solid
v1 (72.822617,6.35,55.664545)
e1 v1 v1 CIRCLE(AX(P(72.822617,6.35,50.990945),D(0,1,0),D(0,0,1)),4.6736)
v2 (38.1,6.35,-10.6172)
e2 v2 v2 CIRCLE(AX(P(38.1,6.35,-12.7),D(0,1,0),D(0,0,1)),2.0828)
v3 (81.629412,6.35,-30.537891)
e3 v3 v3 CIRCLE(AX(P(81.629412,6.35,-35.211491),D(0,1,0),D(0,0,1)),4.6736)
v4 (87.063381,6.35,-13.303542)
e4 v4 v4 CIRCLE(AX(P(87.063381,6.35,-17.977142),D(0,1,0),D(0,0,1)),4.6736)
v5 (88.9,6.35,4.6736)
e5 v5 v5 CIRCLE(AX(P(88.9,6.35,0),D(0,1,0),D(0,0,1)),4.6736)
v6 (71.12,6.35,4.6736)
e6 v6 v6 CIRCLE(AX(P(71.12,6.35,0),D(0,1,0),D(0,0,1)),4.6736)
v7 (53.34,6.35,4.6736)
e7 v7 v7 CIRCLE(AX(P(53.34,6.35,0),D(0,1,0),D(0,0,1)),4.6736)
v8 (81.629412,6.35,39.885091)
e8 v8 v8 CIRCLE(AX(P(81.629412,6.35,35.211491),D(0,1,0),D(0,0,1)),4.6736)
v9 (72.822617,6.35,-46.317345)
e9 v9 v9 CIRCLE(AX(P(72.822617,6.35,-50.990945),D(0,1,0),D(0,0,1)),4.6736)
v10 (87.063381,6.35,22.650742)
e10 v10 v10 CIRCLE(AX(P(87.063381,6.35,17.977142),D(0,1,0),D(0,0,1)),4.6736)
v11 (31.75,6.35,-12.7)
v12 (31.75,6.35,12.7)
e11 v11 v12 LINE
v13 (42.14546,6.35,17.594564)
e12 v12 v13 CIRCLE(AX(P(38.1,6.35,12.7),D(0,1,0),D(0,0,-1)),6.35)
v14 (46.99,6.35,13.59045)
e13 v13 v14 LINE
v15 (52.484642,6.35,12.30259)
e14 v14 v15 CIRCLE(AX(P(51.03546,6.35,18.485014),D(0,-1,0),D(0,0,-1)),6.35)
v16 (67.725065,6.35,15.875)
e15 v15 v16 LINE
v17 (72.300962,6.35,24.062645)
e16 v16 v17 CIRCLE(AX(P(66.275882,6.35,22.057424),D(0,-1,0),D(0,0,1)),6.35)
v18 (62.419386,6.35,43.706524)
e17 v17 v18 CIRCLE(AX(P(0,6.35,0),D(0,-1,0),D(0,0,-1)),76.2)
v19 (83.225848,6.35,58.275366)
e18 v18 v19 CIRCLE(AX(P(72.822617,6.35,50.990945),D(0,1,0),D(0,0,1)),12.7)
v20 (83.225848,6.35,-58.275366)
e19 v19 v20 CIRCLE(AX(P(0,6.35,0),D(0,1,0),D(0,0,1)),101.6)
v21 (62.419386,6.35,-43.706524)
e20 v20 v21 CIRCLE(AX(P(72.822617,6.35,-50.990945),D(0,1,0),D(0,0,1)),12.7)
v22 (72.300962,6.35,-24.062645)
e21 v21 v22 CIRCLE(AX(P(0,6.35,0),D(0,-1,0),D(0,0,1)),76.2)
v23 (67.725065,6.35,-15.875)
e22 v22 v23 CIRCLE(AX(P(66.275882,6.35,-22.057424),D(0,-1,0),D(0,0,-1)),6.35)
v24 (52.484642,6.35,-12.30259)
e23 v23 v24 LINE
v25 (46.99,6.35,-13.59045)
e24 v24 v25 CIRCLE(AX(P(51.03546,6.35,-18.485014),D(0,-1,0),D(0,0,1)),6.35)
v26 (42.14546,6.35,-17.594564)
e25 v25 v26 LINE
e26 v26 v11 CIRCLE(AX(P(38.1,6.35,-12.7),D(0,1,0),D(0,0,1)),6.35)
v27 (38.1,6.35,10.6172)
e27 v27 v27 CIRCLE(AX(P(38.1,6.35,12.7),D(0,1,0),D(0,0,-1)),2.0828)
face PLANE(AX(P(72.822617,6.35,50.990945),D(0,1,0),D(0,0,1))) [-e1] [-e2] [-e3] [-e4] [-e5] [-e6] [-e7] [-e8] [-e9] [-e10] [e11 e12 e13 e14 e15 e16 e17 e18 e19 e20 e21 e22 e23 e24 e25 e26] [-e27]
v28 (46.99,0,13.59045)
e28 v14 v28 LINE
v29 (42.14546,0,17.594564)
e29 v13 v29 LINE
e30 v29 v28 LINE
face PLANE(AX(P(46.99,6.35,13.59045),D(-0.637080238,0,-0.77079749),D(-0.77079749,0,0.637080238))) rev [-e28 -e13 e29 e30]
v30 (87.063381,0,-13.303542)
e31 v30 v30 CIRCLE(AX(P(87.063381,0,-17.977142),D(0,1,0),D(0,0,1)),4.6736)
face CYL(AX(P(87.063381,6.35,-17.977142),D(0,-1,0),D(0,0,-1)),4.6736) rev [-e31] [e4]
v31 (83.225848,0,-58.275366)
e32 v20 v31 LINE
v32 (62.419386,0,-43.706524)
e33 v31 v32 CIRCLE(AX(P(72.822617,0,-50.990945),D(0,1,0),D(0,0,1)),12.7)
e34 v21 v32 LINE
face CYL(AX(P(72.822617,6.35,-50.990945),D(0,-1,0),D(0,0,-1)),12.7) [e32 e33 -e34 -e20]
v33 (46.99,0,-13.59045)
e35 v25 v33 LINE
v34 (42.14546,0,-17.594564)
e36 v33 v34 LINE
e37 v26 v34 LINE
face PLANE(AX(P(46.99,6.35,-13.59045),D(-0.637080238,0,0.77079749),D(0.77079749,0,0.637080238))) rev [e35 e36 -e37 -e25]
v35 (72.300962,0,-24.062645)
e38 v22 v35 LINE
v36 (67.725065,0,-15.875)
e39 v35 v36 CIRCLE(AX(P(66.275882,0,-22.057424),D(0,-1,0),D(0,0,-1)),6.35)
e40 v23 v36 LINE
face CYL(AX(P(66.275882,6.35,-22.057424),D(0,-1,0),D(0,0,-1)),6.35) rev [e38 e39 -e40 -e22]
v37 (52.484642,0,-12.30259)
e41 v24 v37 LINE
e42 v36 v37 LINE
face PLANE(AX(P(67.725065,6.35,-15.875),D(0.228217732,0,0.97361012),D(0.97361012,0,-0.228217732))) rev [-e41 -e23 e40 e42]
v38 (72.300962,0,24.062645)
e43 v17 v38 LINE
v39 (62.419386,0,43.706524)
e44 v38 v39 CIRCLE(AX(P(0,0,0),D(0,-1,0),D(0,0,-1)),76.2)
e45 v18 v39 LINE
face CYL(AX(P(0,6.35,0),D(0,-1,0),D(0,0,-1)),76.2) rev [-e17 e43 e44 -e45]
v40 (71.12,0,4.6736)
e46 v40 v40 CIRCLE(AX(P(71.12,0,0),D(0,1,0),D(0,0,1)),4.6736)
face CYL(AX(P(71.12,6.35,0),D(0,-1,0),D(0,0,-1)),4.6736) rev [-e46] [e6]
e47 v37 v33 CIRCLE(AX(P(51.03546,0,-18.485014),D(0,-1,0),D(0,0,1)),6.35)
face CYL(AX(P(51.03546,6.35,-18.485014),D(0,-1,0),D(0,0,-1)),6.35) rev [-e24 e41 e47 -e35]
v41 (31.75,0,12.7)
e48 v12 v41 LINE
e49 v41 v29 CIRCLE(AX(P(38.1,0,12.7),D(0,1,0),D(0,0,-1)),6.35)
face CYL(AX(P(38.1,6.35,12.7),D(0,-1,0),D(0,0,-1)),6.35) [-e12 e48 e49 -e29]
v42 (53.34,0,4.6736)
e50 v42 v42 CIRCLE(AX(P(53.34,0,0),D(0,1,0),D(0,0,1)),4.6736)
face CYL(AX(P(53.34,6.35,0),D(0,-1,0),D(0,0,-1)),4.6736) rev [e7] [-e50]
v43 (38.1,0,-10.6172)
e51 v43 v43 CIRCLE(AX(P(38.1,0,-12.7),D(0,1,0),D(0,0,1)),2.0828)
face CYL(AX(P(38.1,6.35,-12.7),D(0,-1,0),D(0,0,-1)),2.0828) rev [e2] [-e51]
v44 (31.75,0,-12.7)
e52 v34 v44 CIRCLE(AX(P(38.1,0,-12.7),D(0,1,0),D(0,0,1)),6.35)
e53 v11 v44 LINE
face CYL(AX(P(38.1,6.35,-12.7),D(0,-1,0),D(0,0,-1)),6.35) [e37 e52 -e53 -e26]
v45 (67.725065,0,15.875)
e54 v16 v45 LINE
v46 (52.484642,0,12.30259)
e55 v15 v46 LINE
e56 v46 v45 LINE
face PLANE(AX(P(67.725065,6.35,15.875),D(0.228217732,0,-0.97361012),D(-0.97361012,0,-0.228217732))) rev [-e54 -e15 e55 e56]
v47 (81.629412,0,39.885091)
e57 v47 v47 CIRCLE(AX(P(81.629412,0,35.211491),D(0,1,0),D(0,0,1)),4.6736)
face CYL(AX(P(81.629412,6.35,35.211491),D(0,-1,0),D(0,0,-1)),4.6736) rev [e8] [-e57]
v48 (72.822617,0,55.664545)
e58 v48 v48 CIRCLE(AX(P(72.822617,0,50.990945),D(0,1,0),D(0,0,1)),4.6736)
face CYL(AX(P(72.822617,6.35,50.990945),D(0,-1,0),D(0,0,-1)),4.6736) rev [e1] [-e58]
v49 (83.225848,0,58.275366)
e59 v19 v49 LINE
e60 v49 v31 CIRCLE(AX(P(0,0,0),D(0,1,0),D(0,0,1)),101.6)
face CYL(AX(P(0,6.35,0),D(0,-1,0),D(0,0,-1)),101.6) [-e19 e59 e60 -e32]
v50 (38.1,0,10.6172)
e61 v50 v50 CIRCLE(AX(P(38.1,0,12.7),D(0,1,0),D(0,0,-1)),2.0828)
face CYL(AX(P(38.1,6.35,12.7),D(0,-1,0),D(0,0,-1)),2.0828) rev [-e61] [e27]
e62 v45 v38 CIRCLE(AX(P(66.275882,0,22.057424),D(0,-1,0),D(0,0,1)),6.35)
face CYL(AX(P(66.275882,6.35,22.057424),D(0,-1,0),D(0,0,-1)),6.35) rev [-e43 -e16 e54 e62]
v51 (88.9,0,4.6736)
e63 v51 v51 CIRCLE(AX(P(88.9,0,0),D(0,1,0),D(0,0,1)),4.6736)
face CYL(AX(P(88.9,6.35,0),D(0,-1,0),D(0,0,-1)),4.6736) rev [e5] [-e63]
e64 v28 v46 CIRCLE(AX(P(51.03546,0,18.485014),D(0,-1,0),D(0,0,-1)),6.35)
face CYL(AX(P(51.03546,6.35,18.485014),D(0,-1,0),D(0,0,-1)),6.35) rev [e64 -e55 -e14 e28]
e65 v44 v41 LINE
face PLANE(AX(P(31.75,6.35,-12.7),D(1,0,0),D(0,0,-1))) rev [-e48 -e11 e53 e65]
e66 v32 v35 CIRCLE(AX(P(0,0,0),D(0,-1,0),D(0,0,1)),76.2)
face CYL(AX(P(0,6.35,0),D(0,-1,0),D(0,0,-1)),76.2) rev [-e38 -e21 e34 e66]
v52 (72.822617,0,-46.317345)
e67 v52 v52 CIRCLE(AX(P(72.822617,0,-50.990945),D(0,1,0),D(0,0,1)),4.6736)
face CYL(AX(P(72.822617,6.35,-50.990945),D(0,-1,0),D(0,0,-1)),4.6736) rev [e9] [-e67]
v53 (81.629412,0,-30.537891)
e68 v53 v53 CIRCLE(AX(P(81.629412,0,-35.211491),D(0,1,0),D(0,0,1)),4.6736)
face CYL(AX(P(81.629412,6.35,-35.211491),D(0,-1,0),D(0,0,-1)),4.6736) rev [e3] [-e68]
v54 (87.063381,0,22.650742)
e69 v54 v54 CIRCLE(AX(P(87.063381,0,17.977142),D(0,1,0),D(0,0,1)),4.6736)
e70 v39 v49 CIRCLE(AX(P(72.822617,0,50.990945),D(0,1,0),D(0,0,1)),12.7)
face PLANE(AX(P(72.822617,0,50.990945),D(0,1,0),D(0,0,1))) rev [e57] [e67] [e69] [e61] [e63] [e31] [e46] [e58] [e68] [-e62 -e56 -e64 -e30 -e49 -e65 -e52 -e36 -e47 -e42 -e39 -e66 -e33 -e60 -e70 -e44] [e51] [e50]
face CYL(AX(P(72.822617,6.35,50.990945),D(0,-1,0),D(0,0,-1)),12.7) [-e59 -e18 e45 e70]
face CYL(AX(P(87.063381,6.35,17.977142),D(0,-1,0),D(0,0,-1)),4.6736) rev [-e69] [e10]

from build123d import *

# Parameters (mm, degrees)
SKETCH1_R           = 2.0828
SKETCH1_R_2         = 4.6736
BOSS_EXTRUDE1_DEPTH = 6.35


with BuildPart() as part:
    # Sketch1 → Boss-Extrude1 (new body)
    with BuildSketch(Plane(origin=(0, 0, 0), x_dir=(1, 0, 0), z_dir=(0, 1, 0))):
        with BuildLine():
            Line((67.725064599, 15.875), (52.484642113, 12.302589868))
            ThreePointArc((52.484642113, 12.302589868), (49.586387593, 12.302563925), (46.99, 13.590450074))
            Line((46.99, 13.590450074), (42.145459513, 17.594564059))
            ThreePointArc((42.145459513, 17.594564059), (35.395020139, 18.445048647), (31.75, 12.7))
            Line((31.75, 12.7), (31.75, -12.7))
            ThreePointArc((31.75, -12.7), (35.395020139, -18.445048647), (42.145459513, -17.594564059))
            Line((42.145459513, -17.594564059), (46.99, -13.590450074))
            ThreePointArc((46.99, -13.590450074), (49.586387593, -12.302563925), (52.484642113, -12.302589868))
            Line((52.484642113, -12.302589868), (67.725064599, -15.875))
            ThreePointArc((67.725064599, -15.875), (71.818943633, -18.959526957), (72.300962181, -24.062644653))
            ThreePointArc((72.300962181, -24.062644653), (68.072487407, -34.242903765), (62.419385775, -43.70652445))
            ThreePointArc((62.419385775, -43.70652445), (65.538195996, -61.394176154), (83.2258477, -58.275365933))
            ThreePointArc((83.2258477, -58.275365933), (101.6, 0), (83.2258477, 58.275365933))
            ThreePointArc((83.2258477, 58.275365933), (65.538195996, 61.394176154), (62.419385775, 43.70652445))
            ThreePointArc((62.419385775, 43.70652445), (68.072487407, 34.242903765), (72.300962181, 24.062644653))
            ThreePointArc((72.300962181, 24.062644653), (71.818943633, 18.959526957), (67.725064599, 15.875))
        make_face()
        with Locations(Location((38.1, 12.7, 0), (0, 0, 270))):
            Circle(SKETCH1_R, mode=Mode.SUBTRACT)
        with Locations(Location((88.9, 0, 0), (0, 0, 270))):
            Circle(SKETCH1_R_2, mode=Mode.SUBTRACT)
        with Locations(Location((87.063381275, -17.97714218, 0), (0, 0, 270))):
            Circle(SKETCH1_R_2, mode=Mode.SUBTRACT)
        with Locations(Location((81.629411902, -35.211491201, 0), (0, 0, 270))):
            Circle(SKETCH1_R_2, mode=Mode.SUBTRACT)
        with Locations(Location((72.822616737, -50.990945192, 0), (0, 0, 270))):
            Circle(SKETCH1_R_2, mode=Mode.SUBTRACT)
        with Locations(Location((87.063381275, 17.97714218, 0), (0, 0, 270))):
            Circle(SKETCH1_R_2, mode=Mode.SUBTRACT)
        with Locations(Location((81.629411902, 35.211491201, 0), (0, 0, 270))):
            Circle(SKETCH1_R_2, mode=Mode.SUBTRACT)
        with Locations(Location((72.822616737, 50.990945192, 0), (0, 0, 270))):
            Circle(SKETCH1_R_2, mode=Mode.SUBTRACT)
        with Locations(Location((71.12, 0, 0), (0, 0, 270))):
            Circle(SKETCH1_R_2, mode=Mode.SUBTRACT)
        with Locations(Location((53.34, 0, 0), (0, 0, 270))):
            Circle(SKETCH1_R_2, mode=Mode.SUBTRACT)
        with Locations(Location((38.1, -12.7, 0), (0, 0, 90))):
            Circle(SKETCH1_R, mode=Mode.SUBTRACT)
    extrude(amount=BOSS_EXTRUDE1_DEPTH)


solid = part.part
